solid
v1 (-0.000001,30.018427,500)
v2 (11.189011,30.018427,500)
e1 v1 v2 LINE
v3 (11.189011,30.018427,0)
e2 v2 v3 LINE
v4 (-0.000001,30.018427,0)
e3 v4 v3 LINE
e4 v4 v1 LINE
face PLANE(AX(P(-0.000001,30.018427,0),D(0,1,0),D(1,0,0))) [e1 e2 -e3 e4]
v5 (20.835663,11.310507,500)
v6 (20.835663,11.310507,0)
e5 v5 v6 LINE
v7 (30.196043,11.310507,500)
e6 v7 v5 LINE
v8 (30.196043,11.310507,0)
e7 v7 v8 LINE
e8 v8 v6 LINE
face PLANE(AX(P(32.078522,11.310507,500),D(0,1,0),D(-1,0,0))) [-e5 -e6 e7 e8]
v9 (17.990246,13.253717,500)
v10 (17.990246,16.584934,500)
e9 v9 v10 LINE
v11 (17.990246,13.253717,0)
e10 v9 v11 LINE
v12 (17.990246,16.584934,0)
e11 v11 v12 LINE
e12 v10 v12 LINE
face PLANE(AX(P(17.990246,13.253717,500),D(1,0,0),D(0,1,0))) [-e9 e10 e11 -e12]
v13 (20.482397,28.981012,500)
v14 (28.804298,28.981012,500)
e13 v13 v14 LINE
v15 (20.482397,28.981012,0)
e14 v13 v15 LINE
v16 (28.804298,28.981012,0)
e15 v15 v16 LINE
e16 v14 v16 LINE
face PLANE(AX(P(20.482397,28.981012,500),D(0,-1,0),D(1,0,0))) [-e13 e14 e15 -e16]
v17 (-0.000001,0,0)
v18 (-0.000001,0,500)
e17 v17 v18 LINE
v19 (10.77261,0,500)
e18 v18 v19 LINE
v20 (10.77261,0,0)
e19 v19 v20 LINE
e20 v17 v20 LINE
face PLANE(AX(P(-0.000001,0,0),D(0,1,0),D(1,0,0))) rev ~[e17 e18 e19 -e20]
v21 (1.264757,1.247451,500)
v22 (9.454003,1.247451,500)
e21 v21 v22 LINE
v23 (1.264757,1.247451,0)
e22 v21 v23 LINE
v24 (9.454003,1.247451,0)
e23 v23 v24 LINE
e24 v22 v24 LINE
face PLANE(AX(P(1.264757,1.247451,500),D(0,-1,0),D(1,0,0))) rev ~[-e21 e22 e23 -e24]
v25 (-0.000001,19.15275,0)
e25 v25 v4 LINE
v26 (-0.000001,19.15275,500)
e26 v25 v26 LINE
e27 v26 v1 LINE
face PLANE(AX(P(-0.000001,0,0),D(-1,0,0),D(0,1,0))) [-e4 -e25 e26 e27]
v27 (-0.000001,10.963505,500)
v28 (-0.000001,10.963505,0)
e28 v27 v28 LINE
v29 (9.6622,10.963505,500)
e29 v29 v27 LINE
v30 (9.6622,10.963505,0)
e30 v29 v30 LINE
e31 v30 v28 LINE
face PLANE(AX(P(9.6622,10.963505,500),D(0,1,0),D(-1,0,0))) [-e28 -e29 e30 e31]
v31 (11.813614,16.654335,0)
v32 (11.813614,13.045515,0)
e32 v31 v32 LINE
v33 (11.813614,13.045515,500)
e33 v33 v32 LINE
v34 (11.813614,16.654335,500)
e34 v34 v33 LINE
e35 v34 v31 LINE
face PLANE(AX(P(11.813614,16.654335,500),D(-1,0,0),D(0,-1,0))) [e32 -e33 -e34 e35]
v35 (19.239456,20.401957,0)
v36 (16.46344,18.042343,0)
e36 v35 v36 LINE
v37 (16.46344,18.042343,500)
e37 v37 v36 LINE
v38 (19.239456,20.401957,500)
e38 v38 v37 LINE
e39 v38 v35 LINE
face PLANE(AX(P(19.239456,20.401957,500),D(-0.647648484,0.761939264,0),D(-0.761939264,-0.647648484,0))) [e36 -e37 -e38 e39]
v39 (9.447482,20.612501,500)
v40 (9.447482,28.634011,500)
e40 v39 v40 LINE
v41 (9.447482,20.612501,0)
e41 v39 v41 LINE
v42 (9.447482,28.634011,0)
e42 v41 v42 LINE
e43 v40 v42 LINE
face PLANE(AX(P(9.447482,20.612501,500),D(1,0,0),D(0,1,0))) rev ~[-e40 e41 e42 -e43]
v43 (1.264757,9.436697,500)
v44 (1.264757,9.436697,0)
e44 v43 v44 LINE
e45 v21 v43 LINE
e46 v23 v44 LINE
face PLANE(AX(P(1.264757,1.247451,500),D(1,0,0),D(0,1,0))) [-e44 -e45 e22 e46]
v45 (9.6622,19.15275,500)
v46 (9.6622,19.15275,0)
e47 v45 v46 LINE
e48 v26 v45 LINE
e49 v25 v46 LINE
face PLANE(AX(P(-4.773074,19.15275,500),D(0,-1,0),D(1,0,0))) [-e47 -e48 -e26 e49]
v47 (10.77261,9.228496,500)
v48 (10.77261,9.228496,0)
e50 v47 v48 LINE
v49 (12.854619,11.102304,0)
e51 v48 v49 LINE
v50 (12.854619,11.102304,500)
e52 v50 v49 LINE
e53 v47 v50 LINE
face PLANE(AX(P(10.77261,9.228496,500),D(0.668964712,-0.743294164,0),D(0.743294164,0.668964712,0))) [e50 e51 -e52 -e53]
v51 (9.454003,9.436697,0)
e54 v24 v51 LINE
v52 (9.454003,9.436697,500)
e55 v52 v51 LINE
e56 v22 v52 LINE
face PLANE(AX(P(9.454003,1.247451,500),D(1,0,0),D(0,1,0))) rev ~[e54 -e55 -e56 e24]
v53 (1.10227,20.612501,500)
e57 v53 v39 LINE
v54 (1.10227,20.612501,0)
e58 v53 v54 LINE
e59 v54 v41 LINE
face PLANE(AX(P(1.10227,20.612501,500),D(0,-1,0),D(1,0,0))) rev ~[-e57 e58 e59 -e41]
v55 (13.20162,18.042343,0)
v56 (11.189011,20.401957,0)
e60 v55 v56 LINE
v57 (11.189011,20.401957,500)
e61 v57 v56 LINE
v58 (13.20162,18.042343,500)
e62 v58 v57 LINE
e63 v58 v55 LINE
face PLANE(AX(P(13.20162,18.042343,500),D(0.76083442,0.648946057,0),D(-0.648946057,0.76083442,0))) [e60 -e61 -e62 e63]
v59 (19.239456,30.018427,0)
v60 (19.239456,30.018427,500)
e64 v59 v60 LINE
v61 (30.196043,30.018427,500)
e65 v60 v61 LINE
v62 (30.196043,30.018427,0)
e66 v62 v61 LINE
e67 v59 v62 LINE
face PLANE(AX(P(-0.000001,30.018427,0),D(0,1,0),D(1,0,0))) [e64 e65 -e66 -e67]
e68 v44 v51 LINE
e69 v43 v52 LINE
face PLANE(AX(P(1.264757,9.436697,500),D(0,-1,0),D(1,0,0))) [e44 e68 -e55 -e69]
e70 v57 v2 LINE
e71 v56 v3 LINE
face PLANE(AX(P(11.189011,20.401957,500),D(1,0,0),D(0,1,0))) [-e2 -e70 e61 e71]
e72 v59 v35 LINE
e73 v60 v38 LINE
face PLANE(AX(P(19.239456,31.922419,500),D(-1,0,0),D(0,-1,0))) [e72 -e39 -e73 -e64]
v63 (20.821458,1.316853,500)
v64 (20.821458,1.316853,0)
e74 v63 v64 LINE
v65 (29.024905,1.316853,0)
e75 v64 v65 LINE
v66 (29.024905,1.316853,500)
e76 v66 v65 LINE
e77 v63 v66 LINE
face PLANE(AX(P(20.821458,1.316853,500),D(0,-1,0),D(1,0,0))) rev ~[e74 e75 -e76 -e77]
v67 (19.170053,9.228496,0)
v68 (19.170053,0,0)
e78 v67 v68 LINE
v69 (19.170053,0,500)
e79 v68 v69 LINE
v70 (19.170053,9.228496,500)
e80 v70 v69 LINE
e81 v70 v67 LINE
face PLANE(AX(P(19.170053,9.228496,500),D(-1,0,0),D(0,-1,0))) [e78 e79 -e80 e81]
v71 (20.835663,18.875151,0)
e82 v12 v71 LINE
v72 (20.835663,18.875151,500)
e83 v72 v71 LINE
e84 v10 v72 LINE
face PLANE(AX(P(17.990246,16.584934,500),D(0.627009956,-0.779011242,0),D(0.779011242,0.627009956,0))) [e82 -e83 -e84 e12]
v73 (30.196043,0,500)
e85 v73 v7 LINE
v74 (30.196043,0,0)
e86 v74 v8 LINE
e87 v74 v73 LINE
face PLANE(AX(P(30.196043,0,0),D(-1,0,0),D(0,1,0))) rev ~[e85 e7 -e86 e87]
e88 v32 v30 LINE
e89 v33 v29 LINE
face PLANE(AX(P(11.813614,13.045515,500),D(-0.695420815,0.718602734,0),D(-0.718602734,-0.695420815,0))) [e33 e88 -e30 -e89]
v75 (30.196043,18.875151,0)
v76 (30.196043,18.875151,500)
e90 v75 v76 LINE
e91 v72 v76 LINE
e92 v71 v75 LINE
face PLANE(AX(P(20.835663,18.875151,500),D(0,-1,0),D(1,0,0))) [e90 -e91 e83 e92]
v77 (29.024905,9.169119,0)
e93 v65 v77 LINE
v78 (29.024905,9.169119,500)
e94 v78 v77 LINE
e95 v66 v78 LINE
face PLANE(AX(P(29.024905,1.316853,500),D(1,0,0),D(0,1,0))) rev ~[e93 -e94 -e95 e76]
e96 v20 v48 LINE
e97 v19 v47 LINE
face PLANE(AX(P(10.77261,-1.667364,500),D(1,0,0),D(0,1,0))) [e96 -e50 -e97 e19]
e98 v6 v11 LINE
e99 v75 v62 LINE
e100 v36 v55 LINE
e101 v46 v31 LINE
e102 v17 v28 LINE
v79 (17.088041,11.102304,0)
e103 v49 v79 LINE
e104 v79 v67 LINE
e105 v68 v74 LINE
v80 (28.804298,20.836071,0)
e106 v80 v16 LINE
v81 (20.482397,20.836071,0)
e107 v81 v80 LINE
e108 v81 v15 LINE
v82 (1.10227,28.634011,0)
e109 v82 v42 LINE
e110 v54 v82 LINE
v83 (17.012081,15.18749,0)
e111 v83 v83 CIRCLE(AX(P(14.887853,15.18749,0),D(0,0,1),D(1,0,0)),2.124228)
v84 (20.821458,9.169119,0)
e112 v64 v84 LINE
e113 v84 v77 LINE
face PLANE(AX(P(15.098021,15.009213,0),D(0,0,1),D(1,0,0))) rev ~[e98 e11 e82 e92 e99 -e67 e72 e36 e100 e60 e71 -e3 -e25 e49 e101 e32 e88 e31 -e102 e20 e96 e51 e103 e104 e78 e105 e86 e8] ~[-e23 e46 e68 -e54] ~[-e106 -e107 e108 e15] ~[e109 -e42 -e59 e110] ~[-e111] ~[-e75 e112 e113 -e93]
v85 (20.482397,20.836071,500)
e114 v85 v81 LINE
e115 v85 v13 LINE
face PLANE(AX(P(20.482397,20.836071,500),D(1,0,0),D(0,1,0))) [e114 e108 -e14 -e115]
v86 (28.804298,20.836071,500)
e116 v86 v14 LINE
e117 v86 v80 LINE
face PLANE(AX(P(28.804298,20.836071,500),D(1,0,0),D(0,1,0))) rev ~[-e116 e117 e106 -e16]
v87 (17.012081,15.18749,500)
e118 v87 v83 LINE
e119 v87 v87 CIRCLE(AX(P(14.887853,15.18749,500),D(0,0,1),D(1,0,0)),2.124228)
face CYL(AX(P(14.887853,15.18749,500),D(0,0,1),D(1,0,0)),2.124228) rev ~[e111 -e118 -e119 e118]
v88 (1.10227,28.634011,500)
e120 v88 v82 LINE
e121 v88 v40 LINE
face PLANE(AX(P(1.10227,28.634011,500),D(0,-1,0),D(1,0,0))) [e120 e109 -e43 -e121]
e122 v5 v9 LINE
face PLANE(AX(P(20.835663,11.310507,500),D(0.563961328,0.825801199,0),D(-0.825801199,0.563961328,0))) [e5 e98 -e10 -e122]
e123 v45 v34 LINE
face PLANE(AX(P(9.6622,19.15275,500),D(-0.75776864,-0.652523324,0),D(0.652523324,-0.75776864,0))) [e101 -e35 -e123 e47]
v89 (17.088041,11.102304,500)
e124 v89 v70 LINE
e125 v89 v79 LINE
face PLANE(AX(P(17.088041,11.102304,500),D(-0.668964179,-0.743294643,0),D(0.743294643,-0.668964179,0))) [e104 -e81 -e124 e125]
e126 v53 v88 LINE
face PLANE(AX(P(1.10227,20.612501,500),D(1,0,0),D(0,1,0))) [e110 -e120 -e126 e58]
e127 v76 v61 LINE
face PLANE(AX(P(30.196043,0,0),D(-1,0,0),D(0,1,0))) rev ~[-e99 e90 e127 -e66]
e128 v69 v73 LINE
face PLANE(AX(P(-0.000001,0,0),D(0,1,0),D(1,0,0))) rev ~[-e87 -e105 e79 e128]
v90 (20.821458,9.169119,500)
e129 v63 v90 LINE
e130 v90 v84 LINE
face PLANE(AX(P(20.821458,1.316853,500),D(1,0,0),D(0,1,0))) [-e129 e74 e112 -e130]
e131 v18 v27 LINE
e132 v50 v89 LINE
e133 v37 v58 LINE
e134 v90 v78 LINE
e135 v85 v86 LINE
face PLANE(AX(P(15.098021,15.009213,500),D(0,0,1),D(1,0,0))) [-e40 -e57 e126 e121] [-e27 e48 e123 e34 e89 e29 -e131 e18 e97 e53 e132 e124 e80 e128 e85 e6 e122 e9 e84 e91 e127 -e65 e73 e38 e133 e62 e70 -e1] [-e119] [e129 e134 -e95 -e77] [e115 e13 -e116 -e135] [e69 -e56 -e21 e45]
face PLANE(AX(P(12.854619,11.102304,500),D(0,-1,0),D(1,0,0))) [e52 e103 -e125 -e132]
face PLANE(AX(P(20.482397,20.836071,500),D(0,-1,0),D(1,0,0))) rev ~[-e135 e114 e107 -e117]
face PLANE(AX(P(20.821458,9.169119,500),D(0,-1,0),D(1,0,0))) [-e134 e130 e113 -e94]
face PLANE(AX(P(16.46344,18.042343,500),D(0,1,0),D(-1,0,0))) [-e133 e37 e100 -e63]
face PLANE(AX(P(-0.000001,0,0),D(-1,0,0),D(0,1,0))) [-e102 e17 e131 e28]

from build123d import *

# Parameters (mm, degrees)
SKETCH_W      = 30.196043
SKETCH_H      = 30.018427
PAD_DEPTH     = 500
SKETCH001_R   = 2.124228
SKETCH001_W   = 8.189246
SKETCH001_H   = 8.189245
SKETCH001_W_2 = 8.203447
SKETCH001_H_2 = 7.852266
SKETCH001_W_3 = 8.321901
SKETCH001_H_3 = 8.144941
SKETCH001_W_4 = 8.345211
SKETCH001_H_4 = 8.02151
POCKET_DEPTH  = 500


with BuildPart() as part:
    # Sketch → Pad (new body)
    with BuildSketch(Plane.XY):
        with Locations((15.098021, 15.009213)):
            Rectangle(SKETCH_W, SKETCH_H)
    extrude(amount=PAD_DEPTH)

    # Sketch001 → Pocket (cut)
    with BuildSketch(Plane.XY.offset(500)):
        with Locations((14.887853, 15.18749)):
            Circle(SKETCH001_R)
        with Locations((5.35938, 5.342074)):
            Rectangle(SKETCH001_W, SKETCH001_H)
        with Locations((24.923182, 5.242986)):
            Rectangle(SKETCH001_W_2, SKETCH001_H_2)
        with Locations((24.643347, 24.908541)):
            Rectangle(SKETCH001_W_3, SKETCH001_H_3)
        with Locations((5.274876, 24.623256)):
            Rectangle(SKETCH001_W_4, SKETCH001_H_4)
        Polygon((19.170053, 9.228496), (19.170053, -1.667364), (10.77261, -1.667364), (10.77261, 9.228496), (12.854619, 11.102304), (17.088041, 11.102304), align=None)
        Polygon((32.078522, 11.310507), (20.835663, 11.310507), (17.990246, 13.253717), (17.990246, 16.584934), (20.835663, 18.875151), (32.078522, 18.875151), align=None)
        Polygon((11.189011, 31.922419), (19.239456, 31.922419), (19.239456, 20.401957), (16.46344, 18.042343), (13.20162, 18.042343), (11.189011, 20.401957), align=None)
        Polygon((-4.773074, 19.15275), (9.6622, 19.15275), (11.813614, 16.654335), (11.813614, 13.045515), (9.6622, 10.963505), (-4.773074, 10.963505), align=None)
    extrude(amount=-POCKET_DEPTH, mode=Mode.SUBTRACT)


solid = part.part
